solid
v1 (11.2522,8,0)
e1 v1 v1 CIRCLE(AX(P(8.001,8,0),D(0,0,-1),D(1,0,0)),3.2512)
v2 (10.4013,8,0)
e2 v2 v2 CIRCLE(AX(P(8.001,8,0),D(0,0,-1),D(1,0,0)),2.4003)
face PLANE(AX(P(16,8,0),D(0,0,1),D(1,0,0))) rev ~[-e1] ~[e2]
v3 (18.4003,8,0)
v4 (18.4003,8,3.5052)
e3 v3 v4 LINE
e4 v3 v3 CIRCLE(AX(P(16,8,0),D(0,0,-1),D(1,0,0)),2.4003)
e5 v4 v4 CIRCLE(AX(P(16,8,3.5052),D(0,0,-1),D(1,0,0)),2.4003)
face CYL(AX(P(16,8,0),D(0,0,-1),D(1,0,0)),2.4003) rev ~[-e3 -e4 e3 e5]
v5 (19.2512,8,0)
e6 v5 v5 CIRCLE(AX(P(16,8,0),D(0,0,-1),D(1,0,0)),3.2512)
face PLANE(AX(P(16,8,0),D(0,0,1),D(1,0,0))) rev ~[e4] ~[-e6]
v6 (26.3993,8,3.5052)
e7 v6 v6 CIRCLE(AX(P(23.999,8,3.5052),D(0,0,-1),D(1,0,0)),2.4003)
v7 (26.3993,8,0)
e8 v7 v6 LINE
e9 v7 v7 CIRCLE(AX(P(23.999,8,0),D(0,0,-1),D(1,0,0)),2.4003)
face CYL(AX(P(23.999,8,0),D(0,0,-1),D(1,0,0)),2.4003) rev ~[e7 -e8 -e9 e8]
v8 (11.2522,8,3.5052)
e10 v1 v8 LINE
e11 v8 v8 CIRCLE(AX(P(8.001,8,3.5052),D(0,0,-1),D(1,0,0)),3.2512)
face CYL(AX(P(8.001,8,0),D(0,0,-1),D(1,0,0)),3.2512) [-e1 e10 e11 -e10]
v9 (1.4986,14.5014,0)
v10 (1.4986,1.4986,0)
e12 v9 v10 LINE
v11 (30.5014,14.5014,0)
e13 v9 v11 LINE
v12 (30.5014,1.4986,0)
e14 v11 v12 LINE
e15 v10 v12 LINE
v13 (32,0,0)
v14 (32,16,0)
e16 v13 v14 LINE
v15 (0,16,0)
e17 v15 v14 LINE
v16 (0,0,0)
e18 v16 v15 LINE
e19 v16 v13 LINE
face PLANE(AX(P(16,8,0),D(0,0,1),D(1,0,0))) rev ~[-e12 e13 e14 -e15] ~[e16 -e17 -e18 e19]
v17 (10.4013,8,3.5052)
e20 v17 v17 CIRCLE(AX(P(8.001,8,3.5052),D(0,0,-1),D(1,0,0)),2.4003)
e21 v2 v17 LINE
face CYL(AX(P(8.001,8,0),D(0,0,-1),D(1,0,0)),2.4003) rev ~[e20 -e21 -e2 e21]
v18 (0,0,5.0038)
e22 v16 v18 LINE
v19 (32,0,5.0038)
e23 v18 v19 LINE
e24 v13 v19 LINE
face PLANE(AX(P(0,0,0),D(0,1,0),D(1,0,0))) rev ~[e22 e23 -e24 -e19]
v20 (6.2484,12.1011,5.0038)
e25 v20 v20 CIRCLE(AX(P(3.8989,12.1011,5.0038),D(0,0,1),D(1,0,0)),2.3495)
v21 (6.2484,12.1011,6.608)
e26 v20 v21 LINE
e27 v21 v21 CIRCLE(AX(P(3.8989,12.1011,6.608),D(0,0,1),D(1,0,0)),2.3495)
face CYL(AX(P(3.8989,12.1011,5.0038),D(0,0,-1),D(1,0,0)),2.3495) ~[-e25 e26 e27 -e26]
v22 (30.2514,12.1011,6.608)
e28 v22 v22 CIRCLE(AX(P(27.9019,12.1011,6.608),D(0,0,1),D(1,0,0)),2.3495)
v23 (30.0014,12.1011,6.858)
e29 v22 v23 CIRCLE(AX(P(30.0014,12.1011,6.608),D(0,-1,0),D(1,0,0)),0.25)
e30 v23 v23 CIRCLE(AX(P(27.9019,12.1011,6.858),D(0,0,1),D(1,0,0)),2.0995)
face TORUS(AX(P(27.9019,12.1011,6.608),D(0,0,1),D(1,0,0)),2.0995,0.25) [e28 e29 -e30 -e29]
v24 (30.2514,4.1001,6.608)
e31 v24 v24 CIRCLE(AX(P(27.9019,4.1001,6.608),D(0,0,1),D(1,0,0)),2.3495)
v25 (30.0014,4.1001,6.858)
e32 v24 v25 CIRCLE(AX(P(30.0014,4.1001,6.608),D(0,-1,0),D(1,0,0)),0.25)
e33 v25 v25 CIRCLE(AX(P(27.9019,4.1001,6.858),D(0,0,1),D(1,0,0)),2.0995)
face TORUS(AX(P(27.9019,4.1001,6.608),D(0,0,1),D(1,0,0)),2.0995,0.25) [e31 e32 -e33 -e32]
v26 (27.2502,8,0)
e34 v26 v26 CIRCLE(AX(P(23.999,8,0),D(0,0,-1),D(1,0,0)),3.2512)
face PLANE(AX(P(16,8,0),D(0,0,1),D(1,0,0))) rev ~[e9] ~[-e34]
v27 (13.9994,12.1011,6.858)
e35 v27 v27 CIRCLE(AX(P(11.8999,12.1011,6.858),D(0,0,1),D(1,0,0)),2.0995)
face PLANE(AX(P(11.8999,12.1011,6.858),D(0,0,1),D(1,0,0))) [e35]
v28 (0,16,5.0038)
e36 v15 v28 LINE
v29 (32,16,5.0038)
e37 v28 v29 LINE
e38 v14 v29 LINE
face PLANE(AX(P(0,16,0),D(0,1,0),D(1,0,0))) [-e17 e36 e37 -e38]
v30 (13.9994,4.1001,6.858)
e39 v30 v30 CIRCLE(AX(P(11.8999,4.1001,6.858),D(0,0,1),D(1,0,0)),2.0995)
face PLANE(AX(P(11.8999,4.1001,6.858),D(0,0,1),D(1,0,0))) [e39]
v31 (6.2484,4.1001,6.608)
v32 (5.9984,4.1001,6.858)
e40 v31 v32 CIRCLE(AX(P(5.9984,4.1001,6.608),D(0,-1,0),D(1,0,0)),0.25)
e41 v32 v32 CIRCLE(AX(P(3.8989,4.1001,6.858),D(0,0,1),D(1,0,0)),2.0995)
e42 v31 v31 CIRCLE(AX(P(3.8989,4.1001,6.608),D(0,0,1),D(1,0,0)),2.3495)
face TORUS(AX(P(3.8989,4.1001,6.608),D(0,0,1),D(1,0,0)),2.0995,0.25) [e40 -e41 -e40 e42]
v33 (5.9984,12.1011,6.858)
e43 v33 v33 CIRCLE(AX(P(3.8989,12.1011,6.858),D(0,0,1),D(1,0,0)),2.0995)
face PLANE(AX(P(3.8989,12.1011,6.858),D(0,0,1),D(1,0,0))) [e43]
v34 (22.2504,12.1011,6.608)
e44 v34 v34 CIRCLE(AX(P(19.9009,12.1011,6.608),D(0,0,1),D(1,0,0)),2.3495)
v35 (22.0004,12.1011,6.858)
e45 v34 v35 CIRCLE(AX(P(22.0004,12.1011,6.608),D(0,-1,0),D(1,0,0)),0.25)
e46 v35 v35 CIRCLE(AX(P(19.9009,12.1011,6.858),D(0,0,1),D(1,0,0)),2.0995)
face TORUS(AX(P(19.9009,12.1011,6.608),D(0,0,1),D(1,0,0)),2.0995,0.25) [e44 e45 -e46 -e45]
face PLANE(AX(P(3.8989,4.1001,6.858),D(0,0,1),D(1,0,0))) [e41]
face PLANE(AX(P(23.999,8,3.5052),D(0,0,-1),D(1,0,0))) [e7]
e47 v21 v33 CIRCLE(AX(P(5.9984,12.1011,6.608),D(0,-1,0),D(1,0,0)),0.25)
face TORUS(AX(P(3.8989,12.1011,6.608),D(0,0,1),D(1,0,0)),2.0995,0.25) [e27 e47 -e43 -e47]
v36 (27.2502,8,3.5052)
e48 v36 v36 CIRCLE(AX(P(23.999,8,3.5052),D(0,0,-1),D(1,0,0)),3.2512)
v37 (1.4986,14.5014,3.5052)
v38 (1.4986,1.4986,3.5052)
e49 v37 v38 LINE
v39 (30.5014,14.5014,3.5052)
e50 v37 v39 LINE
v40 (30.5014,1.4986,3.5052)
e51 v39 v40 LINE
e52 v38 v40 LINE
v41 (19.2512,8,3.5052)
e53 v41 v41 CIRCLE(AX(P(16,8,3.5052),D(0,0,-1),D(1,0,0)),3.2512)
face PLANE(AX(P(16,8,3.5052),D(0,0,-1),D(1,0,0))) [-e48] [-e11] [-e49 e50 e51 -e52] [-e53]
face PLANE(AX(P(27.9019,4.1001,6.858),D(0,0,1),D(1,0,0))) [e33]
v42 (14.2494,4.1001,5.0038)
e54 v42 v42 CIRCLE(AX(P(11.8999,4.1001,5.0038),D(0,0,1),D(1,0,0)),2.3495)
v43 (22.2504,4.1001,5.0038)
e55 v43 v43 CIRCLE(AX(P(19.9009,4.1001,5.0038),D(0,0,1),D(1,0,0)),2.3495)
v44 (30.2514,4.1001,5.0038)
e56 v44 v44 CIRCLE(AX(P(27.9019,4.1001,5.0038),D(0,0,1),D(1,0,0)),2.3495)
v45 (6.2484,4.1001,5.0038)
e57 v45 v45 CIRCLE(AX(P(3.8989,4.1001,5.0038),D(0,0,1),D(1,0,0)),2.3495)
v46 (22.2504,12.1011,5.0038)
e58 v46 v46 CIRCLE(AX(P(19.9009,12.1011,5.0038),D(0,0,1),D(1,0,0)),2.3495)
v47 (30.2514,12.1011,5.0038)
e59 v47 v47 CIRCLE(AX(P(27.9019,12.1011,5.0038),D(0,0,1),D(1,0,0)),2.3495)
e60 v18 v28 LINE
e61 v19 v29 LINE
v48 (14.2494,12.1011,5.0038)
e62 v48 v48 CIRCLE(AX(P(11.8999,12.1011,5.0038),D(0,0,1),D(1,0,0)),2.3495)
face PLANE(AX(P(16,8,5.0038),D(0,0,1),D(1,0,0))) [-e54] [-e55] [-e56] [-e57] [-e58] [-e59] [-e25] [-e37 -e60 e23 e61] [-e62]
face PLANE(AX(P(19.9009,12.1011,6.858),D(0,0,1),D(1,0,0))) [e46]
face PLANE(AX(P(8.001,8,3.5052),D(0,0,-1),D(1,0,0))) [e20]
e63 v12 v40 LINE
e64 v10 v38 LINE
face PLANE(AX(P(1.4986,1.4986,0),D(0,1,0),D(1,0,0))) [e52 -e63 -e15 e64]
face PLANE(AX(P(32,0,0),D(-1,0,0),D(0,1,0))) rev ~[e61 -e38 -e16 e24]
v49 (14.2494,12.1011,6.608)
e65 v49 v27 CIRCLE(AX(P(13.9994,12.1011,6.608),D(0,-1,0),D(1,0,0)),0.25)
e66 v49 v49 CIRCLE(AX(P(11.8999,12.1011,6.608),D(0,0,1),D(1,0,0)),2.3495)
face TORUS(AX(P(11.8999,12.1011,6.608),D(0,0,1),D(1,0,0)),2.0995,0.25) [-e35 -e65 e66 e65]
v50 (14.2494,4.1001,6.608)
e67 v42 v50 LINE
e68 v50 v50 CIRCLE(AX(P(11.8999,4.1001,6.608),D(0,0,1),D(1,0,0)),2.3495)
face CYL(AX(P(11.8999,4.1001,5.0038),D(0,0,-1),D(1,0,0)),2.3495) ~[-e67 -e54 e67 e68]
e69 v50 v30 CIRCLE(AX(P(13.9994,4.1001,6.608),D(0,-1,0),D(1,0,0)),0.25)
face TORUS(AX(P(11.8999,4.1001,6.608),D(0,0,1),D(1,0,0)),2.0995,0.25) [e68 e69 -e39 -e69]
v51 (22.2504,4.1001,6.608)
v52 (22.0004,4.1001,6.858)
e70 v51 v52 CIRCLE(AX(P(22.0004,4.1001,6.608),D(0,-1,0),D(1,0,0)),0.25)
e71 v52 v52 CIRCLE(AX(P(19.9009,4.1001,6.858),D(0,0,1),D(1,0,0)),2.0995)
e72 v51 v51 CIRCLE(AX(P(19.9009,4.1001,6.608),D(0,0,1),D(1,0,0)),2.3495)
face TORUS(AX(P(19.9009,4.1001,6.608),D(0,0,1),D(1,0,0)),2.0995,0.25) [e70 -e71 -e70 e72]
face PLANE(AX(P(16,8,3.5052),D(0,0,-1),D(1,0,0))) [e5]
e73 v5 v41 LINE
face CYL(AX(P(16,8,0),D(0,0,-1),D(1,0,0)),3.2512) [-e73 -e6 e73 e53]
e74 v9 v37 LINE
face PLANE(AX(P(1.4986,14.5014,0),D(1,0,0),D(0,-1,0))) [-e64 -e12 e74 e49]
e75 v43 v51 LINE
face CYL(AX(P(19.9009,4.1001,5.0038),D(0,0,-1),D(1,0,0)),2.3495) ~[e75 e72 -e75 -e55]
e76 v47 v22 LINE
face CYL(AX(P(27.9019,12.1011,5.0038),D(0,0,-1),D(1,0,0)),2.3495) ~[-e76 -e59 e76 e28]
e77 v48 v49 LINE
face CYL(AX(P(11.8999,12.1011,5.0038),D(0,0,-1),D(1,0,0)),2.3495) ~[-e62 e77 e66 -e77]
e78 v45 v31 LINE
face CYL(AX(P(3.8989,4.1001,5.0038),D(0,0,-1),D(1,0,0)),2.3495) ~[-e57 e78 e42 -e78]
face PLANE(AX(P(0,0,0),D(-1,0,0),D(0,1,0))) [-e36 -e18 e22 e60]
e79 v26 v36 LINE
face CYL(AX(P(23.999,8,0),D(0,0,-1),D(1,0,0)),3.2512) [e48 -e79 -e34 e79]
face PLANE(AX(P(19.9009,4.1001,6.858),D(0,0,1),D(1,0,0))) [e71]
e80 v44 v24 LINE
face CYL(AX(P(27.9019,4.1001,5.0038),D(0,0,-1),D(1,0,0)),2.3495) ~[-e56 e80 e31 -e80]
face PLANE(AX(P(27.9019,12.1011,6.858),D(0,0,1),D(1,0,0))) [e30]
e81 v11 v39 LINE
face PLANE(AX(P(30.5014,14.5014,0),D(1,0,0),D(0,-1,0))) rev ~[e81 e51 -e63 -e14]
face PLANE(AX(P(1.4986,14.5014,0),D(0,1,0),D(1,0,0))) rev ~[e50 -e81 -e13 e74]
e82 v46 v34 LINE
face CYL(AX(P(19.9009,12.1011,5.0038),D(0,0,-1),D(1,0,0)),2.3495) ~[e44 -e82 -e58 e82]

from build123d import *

# Parameters (mm, degrees)
F0_W     = 32
F0_H     = 16
F1_DEPTH = 5.0038
F2_R     = 2.3495
F3_DEPTH = 1.8542
F4_R     = 0.25
F5_W     = 29.0028
F5_H     = 13.0028
F5_R     = 3.2512
F5_R_2   = 2.4003
F6_DEPTH = 3.5052


with BuildPart() as f1:
    # F0 (on Top) → F1 (new body)
    with BuildSketch(Plane.XY):
        with Locations((16, 8)):
            Rectangle(F0_W, F0_H)
    extrude(amount=F1_DEPTH)

    # F2 (on face) → F3 (join)
    with BuildSketch(Plane.XY.offset(5.0038)):
        with Locations((3.8989, 4.1001)):
            Circle(F2_R)
        with Locations((11.8999, 4.1001)):
            Circle(F2_R)
        with Locations((19.9009, 4.1001)):
            Circle(F2_R)
        with Locations((3.8989, 12.1011)):
            Circle(F2_R)
        with Locations((11.8999, 12.1011)):
            Circle(F2_R)
        with Locations((19.9009, 12.1011)):
            Circle(F2_R)
        with Locations((27.9019, 12.1011)):
            Circle(F2_R)
        with Locations((27.9019, 4.1001)):
            Circle(F2_R)
    extrude(amount=F3_DEPTH)

    # F4
    f4_edges = [f1.edges().sort_by_distance(p)[0] for p in [
        (1.5494, 4.1001, 6.858),
        (9.5504, 4.1001, 6.858),
        (17.5514, 4.1001, 6.858),
        (25.5524, 4.1001, 6.858),
        (25.5524, 12.1011, 6.858),
        (17.5514, 12.1011, 6.858),
        (9.5504, 12.1011, 6.858),
        (1.5494, 12.1011, 6.858),
    ]]
    fillet(f4_edges, radius=F4_R)

    # F5 (on face) → F6 (cut)
    with BuildSketch(Plane(origin=(0, 0, 0), x_dir=(1, 0, 0), z_dir=(0, 0, -1))):
        with Locations((16, -8)):
            Rectangle(F5_W, F5_H)
        with Locations((8.001, -8)):
            Circle(F5_R, mode=Mode.SUBTRACT)
        with Locations((16, -8)):
            Circle(F5_R, mode=Mode.SUBTRACT)
        with Locations((23.999, -8)):
            Circle(F5_R, mode=Mode.SUBTRACT)
        with Locations((23.999, -8)):
            Circle(F5_R_2)
        with Locations((16, -8)):
            Circle(F5_R_2)
        with Locations((8.001, -8)):
            Circle(F5_R_2)
    extrude(amount=-F6_DEPTH, mode=Mode.SUBTRACT)


solid = f1.part
